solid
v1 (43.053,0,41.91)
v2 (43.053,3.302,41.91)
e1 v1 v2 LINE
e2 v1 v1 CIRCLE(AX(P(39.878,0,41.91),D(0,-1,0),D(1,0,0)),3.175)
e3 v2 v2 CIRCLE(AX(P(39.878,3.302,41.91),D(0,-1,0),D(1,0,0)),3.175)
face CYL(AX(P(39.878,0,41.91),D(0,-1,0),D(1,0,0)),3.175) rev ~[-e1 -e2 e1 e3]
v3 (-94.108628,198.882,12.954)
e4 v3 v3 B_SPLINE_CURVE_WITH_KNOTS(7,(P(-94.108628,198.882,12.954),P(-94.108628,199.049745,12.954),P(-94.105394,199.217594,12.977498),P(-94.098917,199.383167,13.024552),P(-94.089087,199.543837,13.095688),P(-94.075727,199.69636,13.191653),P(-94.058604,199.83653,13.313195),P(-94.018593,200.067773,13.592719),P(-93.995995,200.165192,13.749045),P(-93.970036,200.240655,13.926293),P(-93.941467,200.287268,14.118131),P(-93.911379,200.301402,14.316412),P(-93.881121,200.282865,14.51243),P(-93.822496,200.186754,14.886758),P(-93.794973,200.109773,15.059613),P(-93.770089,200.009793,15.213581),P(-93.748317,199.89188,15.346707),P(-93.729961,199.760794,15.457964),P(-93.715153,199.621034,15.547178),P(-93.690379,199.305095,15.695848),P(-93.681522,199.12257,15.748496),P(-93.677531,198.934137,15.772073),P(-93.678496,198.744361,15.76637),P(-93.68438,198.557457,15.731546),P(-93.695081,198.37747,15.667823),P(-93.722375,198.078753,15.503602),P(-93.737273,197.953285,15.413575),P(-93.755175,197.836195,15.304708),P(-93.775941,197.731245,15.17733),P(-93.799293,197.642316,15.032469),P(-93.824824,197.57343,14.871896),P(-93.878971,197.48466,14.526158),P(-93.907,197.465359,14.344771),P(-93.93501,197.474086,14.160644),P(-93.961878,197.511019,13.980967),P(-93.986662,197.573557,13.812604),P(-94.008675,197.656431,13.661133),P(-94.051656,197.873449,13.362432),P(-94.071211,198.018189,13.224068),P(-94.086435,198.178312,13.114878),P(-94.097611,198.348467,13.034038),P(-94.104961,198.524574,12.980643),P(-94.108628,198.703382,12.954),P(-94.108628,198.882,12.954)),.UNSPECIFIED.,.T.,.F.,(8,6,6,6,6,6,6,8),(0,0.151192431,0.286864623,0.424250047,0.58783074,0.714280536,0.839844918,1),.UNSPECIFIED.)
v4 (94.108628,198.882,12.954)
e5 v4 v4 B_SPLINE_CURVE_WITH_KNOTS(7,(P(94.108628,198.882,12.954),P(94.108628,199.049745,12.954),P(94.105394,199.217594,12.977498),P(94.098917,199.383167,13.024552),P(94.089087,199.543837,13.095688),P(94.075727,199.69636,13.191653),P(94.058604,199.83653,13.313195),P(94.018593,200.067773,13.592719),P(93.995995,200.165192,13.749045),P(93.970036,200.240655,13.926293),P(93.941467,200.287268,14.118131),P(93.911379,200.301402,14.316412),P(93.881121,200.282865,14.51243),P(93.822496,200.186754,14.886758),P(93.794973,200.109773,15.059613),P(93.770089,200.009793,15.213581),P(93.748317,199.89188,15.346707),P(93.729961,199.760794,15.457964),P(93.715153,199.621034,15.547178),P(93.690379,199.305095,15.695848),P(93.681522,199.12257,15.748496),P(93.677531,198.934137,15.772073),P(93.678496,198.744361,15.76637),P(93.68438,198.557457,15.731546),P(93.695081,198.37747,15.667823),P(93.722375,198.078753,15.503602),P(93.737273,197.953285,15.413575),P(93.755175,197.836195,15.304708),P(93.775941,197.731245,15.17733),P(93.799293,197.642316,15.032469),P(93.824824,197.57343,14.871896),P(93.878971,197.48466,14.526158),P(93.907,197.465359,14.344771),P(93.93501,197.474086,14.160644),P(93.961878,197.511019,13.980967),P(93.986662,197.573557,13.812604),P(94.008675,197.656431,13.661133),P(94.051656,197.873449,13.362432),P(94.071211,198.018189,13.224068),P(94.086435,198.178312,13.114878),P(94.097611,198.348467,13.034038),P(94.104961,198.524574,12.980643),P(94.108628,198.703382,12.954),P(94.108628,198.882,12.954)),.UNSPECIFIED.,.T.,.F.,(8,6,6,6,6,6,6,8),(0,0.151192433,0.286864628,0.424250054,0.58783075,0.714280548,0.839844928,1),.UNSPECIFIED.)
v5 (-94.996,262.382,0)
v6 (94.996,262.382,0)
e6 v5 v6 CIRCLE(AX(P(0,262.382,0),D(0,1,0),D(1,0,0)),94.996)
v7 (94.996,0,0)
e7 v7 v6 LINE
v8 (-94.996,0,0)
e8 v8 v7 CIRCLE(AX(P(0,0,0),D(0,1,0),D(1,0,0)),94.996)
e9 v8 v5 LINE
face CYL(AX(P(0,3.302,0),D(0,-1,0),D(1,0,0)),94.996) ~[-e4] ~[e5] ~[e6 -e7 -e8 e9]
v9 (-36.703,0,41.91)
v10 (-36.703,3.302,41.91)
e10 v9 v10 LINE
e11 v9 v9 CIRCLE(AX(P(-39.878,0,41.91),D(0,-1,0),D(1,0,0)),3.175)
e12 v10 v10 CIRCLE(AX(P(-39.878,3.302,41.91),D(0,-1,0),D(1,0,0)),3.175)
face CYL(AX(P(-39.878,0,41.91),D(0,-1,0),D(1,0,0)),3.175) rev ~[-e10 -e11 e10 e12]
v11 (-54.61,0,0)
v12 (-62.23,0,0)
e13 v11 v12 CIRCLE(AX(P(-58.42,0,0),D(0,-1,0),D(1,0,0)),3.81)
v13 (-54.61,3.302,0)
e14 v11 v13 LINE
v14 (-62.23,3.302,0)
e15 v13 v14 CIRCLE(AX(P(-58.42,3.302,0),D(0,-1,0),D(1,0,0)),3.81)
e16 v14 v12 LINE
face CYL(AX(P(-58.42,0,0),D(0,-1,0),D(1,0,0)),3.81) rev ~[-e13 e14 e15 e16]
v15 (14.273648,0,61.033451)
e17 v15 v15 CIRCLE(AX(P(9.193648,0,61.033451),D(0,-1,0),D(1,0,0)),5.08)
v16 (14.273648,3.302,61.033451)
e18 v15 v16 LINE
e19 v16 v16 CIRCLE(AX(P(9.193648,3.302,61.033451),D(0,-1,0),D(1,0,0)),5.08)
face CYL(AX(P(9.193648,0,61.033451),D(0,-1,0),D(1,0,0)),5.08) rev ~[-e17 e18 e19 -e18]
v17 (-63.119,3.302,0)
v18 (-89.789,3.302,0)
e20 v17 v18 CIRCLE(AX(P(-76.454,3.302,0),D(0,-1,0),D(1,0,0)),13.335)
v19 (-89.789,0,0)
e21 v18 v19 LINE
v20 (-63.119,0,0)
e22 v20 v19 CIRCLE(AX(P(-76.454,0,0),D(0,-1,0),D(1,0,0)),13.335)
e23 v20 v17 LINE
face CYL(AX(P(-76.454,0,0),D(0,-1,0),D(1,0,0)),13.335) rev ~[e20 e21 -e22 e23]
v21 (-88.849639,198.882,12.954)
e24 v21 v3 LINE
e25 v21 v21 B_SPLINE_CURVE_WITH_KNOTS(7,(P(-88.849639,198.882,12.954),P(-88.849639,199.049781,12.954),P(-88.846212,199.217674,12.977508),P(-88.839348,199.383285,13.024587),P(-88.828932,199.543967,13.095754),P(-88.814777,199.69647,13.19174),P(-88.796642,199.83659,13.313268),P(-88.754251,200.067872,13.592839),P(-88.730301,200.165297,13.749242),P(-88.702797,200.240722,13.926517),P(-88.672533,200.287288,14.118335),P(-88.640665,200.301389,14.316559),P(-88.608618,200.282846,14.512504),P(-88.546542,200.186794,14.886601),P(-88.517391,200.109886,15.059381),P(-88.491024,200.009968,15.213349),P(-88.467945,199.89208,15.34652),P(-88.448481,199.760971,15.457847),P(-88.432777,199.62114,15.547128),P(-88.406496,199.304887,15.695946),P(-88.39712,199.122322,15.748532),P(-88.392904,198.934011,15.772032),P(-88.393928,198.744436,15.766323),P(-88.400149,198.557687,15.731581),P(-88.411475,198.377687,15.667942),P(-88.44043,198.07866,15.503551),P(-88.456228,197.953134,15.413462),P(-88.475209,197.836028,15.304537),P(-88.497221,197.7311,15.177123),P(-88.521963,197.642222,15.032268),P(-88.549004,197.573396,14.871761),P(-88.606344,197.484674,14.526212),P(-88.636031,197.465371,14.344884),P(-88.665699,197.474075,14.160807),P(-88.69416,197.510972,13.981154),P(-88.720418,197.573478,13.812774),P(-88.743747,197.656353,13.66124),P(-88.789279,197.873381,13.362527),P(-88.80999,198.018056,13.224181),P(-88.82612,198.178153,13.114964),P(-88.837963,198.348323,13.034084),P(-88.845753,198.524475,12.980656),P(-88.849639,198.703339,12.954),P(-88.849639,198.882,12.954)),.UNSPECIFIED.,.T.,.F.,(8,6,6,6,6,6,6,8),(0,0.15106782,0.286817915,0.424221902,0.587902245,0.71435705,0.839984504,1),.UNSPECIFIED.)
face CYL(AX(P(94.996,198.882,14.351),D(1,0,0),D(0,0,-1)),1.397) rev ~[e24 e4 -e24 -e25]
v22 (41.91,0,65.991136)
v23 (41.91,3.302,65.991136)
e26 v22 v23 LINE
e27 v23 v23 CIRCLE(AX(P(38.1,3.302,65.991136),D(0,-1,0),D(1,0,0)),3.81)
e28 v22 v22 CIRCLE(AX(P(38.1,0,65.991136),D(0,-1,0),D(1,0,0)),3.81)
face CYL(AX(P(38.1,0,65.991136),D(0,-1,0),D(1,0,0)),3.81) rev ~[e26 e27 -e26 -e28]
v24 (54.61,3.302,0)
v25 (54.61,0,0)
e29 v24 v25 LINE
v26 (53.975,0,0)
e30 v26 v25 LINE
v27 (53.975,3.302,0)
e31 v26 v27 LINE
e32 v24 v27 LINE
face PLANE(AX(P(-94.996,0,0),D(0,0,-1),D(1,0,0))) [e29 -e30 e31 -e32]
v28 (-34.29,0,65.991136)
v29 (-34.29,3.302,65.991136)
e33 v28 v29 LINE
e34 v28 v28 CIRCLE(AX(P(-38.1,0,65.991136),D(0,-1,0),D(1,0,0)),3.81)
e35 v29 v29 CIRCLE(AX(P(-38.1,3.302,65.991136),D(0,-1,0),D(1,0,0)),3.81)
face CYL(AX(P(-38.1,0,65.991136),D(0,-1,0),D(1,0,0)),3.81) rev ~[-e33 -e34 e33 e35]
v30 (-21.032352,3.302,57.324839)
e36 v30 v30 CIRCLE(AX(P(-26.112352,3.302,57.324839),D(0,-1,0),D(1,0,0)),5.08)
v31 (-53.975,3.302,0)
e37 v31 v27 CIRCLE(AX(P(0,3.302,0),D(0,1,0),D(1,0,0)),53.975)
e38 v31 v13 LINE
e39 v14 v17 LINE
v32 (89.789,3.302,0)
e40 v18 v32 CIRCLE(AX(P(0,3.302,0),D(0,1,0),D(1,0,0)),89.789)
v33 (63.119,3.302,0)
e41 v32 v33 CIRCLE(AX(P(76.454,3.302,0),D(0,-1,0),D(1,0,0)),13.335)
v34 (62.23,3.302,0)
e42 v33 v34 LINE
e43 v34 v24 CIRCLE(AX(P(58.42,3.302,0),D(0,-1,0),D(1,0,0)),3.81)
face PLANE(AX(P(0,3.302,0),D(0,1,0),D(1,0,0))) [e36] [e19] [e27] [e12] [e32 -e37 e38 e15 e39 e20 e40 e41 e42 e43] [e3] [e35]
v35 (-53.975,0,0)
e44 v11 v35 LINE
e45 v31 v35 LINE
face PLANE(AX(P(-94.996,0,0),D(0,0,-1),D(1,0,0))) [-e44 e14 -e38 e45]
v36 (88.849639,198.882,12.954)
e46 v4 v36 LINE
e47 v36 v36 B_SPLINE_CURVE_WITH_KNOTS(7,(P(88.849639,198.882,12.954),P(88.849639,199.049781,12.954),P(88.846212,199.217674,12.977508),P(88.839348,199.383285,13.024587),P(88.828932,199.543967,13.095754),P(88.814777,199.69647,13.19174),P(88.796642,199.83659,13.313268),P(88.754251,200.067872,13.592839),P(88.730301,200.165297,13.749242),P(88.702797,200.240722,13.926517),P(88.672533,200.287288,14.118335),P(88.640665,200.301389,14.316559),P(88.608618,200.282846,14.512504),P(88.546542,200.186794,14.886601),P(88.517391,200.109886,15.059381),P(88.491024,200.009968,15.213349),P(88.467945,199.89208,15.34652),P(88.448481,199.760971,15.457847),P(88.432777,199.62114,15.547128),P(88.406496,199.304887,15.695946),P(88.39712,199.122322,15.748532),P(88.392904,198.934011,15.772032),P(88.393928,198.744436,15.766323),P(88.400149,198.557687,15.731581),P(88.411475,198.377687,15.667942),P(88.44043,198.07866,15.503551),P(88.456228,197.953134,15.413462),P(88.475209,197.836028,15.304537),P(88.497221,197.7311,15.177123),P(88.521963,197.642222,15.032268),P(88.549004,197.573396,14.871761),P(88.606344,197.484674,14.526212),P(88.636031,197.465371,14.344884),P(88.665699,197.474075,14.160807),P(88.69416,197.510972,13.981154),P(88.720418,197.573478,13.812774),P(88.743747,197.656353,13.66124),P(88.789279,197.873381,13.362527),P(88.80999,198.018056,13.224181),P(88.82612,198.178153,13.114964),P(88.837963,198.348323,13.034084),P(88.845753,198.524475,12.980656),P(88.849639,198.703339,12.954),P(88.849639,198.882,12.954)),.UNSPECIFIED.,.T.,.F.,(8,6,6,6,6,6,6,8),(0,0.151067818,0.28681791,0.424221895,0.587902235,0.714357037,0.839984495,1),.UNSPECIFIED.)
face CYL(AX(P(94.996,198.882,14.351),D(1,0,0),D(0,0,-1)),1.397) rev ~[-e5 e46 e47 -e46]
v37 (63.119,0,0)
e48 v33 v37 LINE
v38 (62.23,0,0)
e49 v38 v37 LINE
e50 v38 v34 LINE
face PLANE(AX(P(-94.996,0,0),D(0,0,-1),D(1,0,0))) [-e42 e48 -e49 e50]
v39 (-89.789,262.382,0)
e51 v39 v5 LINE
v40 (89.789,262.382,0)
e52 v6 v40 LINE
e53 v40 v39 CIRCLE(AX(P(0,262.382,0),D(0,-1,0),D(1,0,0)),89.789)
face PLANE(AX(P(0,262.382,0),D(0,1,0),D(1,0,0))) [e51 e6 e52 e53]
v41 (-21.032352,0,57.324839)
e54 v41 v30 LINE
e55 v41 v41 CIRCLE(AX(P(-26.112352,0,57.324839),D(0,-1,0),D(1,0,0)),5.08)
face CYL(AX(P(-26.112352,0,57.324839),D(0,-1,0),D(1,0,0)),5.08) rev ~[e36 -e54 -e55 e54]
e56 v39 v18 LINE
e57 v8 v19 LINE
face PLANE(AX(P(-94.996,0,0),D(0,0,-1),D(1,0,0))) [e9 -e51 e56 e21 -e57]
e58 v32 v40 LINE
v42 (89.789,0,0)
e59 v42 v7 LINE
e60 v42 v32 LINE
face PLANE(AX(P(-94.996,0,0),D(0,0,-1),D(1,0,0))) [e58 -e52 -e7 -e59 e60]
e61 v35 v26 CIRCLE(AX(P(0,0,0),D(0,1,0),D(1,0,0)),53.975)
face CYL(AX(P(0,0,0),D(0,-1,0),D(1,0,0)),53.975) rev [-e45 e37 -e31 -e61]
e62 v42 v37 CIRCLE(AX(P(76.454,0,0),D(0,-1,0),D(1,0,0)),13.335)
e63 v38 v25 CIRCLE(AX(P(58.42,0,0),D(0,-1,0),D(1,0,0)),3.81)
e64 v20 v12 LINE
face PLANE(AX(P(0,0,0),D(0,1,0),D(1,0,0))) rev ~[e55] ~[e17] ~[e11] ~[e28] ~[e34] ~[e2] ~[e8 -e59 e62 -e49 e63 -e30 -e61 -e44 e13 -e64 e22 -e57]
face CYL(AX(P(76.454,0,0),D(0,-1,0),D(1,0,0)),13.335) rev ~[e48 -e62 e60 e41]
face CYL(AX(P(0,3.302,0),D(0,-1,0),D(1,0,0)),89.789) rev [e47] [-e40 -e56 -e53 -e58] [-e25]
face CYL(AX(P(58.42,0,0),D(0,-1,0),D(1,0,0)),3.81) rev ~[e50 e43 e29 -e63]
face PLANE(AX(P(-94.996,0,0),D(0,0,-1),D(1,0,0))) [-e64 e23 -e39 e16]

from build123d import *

# Parameters (mm, degrees)
SKETCH1_R               = 94.996
SKETCH1_R_2             = 53.975
TOP_OF_HATCH_DEPTH      = 3.302
SKETCH2_R               = 94.996
SKETCH2_R_2             = 89.789
HATCH_BODY_DEPTH        = 259.08
SKETCH3_R               = 13.335
CHARGE_TUBE_HOLES_DEPTH = 263.382
SKETCH4_R               = 3.81
BOLT_HOLES_DEPTH        = 263.382
SKETCH_5_R              = 5.08
ANTENNA_HOLES_DEPTH     = 263.382
SKETCH5_R               = 3.81
SKETCH5_R_2             = 3.175
INNER_SCREW_HOLES_DEPTH = 263.382
SKETCH8_R               = 1.397
CUT_EXTRUDE1_DEPTH      = 190.992
CUT_EXTRUDE4_DEPTH      = 263.3820001


with BuildPart() as part:
    # Sketch1 → Top of Hatch (new body)
    with BuildSketch(Plane(origin=(0, 0, 0), x_dir=(1, 0, 0), z_dir=(0, 1, 0))):
        Circle(SKETCH1_R)
        Circle(SKETCH1_R_2, mode=Mode.SUBTRACT)
    extrude(amount=TOP_OF_HATCH_DEPTH)

    # Sketch2 → Hatch Body (add)
    with BuildSketch(Plane(origin=(0, 3.302, 0), x_dir=(1, 0, 0), z_dir=(0, 1, 0))):
        Circle(SKETCH2_R)
        Circle(SKETCH2_R_2, mode=Mode.SUBTRACT)
    extrude(amount=HATCH_BODY_DEPTH)

    # Sketch3 → Charge Tube Holes (cut, through all)
    with BuildSketch(Plane.XZ):
        with Locations((-76.454, 0)):
            Circle(SKETCH3_R)
        with Locations((76.454, 0)):
            Circle(SKETCH3_R)
    extrude(amount=-CHARGE_TUBE_HOLES_DEPTH, mode=Mode.SUBTRACT)

    # Sketch4 → Bolt Holes (cut, through all)
    with BuildSketch(Plane.XZ):
        with Locations((-38.1, -65.991135768)):
            Circle(SKETCH4_R)
        with Locations((-38.1, 65.991135768)):
            Circle(SKETCH4_R)
        with Locations((38.1, 65.991135768)):
            Circle(SKETCH4_R)
        with Locations((38.1, -65.991135768)):
            Circle(SKETCH4_R)
    extrude(amount=-BOLT_HOLES_DEPTH, mode=Mode.SUBTRACT)

    # Sketch 5 → Antenna Holes (cut, through all)
    with BuildSketch(Plane.XZ):
        with Locations((-26.112352144, 57.324838678)):
            Circle(SKETCH_5_R)
        with Locations((9.193647856, 61.033450854)):
            Circle(SKETCH_5_R)
    extrude(amount=-ANTENNA_HOLES_DEPTH, mode=Mode.SUBTRACT)

    # Sketch5 → Inner Screw Holes (cut, through all)
    with BuildSketch(Plane.XZ):
        with Locations((58.42, 0)):
            Circle(SKETCH5_R)
        with Locations((-58.42, 0)):
            Circle(SKETCH5_R)
        with Locations((39.878, 41.91)):
            Circle(SKETCH5_R_2)
        with Locations((-39.878, 41.91)):
            Circle(SKETCH5_R_2)
        with Locations((39.878, -41.91)):
            Circle(SKETCH5_R_2)
        with Locations((-39.878, -41.91)):
            Circle(SKETCH5_R_2)
    extrude(amount=-INNER_SCREW_HOLES_DEPTH, mode=Mode.SUBTRACT)

    # Sketch8 → Cut-Extrude1 (cut, through all)
    with BuildSketch(Plane(origin=(94.996, 0, 0), x_dir=(0, 0, -1), z_dir=(1, 0, 0))):
        with Locations((14.351, 198.882)):
            Circle(SKETCH8_R)
        with Locations((-14.351, 198.882)):
            Circle(SKETCH8_R)
    extrude(amount=-CUT_EXTRUDE1_DEPTH, mode=Mode.SUBTRACT)

    # Sketch12 → Cut-Extrude4 (cut, through all)
    with BuildSketch(Plane.XZ):
        with BuildLine():
            Line((-94.996, 0), (94.996, 0))
            ThreePointArc((94.996, 0), (0, -94.996), (-94.996, 0))
        make_face()
    extrude(amount=-CUT_EXTRUDE4_DEPTH, mode=Mode.SUBTRACT)


solid = part.part
